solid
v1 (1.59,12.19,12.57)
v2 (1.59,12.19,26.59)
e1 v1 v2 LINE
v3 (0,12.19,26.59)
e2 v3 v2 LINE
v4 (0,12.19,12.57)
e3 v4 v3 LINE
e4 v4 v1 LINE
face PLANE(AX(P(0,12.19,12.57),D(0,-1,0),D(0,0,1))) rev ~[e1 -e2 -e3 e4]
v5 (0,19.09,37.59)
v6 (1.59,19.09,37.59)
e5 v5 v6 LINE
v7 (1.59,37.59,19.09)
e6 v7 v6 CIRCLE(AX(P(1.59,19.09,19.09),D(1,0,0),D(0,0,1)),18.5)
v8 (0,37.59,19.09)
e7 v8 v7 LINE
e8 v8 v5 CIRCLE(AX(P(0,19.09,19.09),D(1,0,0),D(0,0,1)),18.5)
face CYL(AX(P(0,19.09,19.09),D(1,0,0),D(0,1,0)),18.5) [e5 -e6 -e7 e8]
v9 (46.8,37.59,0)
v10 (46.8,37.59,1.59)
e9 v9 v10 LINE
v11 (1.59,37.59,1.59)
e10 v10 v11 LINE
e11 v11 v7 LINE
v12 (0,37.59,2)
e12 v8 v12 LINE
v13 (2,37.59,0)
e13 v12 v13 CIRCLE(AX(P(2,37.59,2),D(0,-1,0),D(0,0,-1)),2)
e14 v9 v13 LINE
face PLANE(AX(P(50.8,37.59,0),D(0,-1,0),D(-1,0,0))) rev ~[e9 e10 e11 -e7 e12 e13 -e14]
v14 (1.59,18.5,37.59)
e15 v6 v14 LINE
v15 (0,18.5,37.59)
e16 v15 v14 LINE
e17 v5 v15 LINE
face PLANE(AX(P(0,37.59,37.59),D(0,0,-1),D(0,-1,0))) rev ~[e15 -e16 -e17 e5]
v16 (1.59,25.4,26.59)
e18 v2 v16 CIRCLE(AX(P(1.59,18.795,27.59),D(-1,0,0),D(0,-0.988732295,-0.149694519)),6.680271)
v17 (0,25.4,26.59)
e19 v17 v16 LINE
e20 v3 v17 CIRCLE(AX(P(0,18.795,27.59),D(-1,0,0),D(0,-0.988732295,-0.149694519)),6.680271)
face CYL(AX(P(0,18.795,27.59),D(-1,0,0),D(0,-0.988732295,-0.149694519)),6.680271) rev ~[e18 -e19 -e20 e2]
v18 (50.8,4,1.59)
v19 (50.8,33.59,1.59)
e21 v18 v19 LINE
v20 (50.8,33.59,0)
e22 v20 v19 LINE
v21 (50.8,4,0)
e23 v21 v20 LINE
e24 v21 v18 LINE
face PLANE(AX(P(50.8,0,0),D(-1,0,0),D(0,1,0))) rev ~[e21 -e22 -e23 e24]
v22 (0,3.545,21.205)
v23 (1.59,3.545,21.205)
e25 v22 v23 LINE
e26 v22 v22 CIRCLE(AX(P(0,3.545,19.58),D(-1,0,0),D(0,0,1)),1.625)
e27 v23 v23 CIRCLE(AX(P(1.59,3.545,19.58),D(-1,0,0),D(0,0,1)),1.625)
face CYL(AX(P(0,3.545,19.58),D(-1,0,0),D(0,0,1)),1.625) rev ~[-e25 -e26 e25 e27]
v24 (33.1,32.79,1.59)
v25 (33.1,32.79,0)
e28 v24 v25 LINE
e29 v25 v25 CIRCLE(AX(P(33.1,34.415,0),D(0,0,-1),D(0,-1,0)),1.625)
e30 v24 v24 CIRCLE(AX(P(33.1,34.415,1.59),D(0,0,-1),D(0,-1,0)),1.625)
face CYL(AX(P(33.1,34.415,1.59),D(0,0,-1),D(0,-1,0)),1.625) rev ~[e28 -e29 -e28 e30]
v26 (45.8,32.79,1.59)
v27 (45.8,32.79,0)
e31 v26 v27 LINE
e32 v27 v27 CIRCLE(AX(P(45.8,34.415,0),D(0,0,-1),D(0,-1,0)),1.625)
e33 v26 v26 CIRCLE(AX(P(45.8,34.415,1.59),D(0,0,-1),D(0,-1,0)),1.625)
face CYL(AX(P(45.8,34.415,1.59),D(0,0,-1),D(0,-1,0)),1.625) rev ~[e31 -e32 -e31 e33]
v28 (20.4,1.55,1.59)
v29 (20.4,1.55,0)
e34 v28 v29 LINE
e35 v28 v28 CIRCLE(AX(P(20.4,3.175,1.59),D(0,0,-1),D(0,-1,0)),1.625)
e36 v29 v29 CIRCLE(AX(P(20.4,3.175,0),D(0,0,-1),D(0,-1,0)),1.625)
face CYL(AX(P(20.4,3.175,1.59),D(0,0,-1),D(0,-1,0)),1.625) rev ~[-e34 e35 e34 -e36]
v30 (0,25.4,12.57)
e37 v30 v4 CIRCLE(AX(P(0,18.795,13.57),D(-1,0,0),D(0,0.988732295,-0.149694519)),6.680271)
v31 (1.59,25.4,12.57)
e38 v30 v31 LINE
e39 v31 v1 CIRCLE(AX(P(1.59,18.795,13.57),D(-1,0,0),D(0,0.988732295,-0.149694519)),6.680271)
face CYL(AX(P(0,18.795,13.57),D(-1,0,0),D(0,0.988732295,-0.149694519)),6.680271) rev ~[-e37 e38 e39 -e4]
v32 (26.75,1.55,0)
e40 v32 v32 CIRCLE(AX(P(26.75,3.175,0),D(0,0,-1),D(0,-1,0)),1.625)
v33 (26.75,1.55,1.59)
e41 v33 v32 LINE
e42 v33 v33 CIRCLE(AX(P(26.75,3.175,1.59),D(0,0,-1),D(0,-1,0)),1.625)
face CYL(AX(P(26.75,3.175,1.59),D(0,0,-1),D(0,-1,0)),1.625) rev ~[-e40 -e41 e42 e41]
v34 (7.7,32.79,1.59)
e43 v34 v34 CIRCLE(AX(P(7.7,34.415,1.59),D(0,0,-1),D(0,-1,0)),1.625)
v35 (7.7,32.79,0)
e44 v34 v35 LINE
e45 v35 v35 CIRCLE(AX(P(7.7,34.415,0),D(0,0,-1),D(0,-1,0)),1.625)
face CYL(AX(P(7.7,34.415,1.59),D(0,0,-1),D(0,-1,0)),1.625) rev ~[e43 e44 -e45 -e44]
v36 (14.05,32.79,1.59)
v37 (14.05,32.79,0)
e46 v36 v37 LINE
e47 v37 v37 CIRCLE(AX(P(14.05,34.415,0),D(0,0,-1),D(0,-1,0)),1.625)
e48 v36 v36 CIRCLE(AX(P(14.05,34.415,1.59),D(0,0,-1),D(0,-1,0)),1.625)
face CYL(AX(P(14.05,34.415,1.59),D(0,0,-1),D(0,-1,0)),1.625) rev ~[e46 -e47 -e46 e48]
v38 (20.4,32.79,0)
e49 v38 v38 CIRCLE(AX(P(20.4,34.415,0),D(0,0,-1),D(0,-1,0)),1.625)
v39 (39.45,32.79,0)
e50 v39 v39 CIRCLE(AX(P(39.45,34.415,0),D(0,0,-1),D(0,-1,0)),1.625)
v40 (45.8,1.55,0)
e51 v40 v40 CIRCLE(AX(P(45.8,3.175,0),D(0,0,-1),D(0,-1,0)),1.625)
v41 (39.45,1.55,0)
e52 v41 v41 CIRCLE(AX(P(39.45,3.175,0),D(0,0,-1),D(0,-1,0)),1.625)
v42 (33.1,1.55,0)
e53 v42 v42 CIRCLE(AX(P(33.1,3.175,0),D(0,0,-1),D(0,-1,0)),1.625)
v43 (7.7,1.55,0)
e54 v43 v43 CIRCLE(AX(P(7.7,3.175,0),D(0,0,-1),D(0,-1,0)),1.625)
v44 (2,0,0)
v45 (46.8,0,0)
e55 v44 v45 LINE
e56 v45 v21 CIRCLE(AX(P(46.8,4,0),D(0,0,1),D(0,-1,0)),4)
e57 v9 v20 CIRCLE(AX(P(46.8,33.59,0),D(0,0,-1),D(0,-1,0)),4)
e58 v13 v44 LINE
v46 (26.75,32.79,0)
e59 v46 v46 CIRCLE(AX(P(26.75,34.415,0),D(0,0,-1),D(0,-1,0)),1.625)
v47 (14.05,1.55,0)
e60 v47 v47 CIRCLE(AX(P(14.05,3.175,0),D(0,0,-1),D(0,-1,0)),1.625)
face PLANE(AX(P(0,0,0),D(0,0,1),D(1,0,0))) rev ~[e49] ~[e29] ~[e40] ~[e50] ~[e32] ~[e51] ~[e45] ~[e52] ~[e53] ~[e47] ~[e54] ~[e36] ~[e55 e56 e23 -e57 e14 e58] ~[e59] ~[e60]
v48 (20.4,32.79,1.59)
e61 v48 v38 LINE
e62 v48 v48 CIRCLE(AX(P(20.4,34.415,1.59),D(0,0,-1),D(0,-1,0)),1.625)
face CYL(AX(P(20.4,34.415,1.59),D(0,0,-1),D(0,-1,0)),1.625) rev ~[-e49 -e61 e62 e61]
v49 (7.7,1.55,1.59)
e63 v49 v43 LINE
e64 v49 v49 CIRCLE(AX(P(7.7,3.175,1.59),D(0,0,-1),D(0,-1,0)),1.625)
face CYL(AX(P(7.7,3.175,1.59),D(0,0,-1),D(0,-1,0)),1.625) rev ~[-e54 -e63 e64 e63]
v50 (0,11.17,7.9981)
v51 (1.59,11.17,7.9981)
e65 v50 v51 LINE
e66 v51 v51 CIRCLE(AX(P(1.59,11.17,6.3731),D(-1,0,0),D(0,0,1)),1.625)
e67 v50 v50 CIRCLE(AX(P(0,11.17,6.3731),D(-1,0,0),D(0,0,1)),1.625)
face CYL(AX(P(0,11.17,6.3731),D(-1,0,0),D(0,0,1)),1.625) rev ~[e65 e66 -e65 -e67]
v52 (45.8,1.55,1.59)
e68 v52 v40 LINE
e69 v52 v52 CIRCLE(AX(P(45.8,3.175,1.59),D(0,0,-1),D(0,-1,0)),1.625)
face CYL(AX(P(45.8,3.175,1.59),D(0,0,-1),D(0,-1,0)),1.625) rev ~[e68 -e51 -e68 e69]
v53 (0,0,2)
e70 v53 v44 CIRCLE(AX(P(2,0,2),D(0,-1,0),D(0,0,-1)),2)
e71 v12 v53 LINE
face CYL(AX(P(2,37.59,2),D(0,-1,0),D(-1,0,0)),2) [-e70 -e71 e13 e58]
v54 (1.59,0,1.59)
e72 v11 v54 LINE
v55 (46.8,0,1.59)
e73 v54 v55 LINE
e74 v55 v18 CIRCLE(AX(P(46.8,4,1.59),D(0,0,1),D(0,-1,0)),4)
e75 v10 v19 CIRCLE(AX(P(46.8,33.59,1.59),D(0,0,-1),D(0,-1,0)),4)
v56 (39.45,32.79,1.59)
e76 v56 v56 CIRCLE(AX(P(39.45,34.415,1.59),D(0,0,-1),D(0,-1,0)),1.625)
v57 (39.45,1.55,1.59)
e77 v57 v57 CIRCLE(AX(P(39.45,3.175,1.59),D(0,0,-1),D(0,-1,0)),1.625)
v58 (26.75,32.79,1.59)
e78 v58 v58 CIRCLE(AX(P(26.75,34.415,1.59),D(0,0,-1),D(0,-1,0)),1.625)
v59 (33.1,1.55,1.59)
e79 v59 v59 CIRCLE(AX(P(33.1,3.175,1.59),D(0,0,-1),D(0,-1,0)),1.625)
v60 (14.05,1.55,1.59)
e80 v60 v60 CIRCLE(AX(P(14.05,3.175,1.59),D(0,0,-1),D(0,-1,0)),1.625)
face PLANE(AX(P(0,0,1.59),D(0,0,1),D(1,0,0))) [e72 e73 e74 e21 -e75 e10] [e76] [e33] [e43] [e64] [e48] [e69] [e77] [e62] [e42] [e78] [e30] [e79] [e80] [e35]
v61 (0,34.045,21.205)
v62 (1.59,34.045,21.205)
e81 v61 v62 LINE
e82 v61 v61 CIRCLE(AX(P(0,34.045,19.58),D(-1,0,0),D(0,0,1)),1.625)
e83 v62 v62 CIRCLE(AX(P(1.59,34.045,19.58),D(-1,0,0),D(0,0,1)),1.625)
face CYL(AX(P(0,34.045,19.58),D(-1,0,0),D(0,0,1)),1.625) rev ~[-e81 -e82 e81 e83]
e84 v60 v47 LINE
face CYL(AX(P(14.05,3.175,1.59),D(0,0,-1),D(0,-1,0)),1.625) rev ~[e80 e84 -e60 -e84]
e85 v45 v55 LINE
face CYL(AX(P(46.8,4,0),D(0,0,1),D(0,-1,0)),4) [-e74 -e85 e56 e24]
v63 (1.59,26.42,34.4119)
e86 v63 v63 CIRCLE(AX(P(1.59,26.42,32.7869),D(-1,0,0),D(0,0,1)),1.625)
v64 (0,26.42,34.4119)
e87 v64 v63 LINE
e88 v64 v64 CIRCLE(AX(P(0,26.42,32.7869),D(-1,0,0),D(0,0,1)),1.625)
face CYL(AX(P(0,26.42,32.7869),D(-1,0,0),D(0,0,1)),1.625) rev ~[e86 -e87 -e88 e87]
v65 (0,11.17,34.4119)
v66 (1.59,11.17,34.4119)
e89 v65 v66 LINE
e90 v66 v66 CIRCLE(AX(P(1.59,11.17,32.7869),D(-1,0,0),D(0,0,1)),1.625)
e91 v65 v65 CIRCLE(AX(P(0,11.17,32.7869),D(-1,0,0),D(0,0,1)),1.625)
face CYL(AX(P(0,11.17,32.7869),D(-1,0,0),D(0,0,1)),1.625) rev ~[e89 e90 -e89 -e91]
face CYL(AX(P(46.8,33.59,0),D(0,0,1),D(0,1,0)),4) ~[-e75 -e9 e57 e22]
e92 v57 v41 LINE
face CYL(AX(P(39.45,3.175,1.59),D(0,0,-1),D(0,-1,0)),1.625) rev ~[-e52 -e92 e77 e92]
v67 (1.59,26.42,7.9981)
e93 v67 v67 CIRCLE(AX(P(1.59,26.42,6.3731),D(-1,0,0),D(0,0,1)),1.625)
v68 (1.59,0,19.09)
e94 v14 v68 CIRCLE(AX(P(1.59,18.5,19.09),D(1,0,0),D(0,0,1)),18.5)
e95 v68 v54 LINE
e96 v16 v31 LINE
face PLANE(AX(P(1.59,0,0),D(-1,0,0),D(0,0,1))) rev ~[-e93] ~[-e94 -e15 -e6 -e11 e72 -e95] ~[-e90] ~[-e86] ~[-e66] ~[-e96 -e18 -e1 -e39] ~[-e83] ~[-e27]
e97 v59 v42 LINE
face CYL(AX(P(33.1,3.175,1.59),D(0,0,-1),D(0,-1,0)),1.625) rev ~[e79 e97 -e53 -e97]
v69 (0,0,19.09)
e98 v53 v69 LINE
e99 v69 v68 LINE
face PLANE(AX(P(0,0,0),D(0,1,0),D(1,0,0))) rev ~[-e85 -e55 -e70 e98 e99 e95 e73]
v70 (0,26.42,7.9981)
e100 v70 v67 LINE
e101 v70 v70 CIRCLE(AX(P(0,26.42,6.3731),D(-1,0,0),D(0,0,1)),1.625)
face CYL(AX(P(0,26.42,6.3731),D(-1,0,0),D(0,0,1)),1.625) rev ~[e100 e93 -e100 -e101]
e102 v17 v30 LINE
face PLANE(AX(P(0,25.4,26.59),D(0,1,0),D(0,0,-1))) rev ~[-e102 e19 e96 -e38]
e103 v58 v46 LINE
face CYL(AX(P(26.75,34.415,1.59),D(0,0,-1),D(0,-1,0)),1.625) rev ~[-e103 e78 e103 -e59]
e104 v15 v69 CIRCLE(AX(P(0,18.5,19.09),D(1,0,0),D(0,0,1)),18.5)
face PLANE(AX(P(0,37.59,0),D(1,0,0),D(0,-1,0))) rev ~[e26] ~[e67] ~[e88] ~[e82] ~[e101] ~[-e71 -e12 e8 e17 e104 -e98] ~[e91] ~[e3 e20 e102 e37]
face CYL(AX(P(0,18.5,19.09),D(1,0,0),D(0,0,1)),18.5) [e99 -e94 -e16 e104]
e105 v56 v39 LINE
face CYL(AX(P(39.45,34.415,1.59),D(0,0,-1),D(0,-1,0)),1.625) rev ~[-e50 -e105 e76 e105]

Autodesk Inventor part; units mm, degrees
ref_plane "YZ Plane" through (0, 0, 0) normal (1, 0, 0) x (0, 1, 0)
ref_plane "XZ Plane" through (0, 0, 0) normal (0, 1, 0) x (-1, 0, 0)
ref_plane "XY Plane" through (0, 0, 0) normal (0, 0, 1) x (1, 0, 0)
sketch "Skizze1" plane through (0, 0, 0) normal (0, 0, 1) x (1, 0, 0)
  line L0 (0, 0) -> (50.8, 0)
  line L1 (50.8, 0) -> (50.8, 37.59)
  line L2 (50.8, 37.59) -> (0, 37.59)
  line L3 (0, 37.59) -> (0, 0)
  dimension "d0" = 37.59
  dimension "d1" = 50.8
extrude "Extrusion1" add sketch "Skizze1" along normal blind 1.59
sketch "Skizze4" plane through (0, 0, 0) normal (-1, 0, 0) x (0, 0, 1)
  line L0 (0, 37.59) -> (0, 0) projected
  line L1 (0, 0) -> (1.59, 0) projected
  line L2 (1.59, 37.59) -> (1.59, 0) projected
  line L3 (0, 37.59) -> (1.59, 37.59) projected
  line L4 (0, 37.59) -> (37.59, 37.59)
  line L5 (37.59, 37.59) -> (37.59, 0)
  line L6 (37.59, 0) -> (0, 0)
  line L7 (0, 0) -> (0, 37.59)
  dimension "d19" = 37.59
extrude "Extrusion2" add sketch "Skizze4" against normal blind 1.59 contours L4 L5 L6 L2
sketch "Skizze2" plane through (0, 0, 0) normal (-1, 0, 0) x (0, 0, 1)
  line L0 (0, 0) -> (1.59, 0) projected
  line L1 (1.59, 37.59) -> (1.59, 0) projected
  line L2 (0, 37.59) -> (18.59, 37.59)
  line L3 (37.59, 18.59) -> (37.59, 19)
  line L4 (18.59, 0) -> (0, 0)
  line L5 (0, 0) -> (0, 37.59)
  line L6 (37.59, 18.795) -> (-20.6317, 18.795) construction
  line L7 (26.59, 25.4) -> (12.57, 25.4)
  line L8 (12.57, 12.19) -> (26.59, 12.19)
  arc A0 (26.59, 12.19) -> (26.59, 25.4) centre (27.59, 18.795) ccw
  arc A1 (12.57, 25.4) -> (12.57, 12.19) centre (13.57, 18.795) ccw
  arc A2 (37.59, 18.59) -> (18.59, 37.59) centre (18.59, 18.59) ccw
  arc A3 (18.59, 0) -> (37.59, 19) centre (18.59, 19) ccw
  circle A4 centre (19.58, 18.795) radius 15.25 construction
  line L9 (19.58, 18.795) -> (19.58, 46.2315) construction
  circle A5 centre (32.7869, 26.42) radius 1.625
  circle A6 centre (32.7869, 11.17) radius 1.625
  circle A7 centre (19.58, 3.545) radius 1.625
  circle A8 centre (6.3731, 11.17) radius 1.625
  circle A9 centre (6.3731, 26.42) radius 1.625
  circle A10 centre (19.58, 34.045) radius 1.625
  line L10 (1.59, 0) -> (1.59, 37.59)
  point P0 (37.59, 37.59)
  point P1 (32.7869, 11.17)
  dimension "d4" = 37.59
  dimension "d5" = 14.02
  dimension "d6" = 13.21
  dimension "d8" = 11
  dimension "d9" = 19
  dimension "d10" = 30.5
  dimension "d13" = 360
  dimension "d15" = 3.25
  dimension "d16" = 3.25
  dimension "d17" = 3.25
extrude "Extrusion3" cut sketch "Skizze2" against normal blind 1.59 contours A0 L8 A1 L7 | A5 | A6 | A7 | A8 | A9 | A10
fillet "Rundung1" radius 18.5 2 edges at (0.795, 0, 37.59) (0.795, 37.59, 37.59)
fillet "Rundung2" radius 2 1 edges at (0, 18.795, 0)
fillet "Rundung3" radius 4 2 edges at (50.8, 0, 0.795) (50.8, 37.59, 0.795)
sketch "Skizze5" plane through (0, 0, 1.59) normal (0, 0, 1) x (1, 0, 0)
  line L0 (46.8, 37.59) -> (1.59, 37.59) projected
  line L1 (50.8, 4) -> (50.8, 33.59) projected
  line L2 (50.8, 18.795) -> (-11.9419, 18.795) construction
  point P0 (0, 0)
  point P1 (45.8, 34.415)
  point P2 (45.8, 3.175)
  dimension "d36" = 31.24
  dimension "d37" = 5
  dimension "d38" = 5
  dimension "d39" = 3.175
hole "Bohrung2" at (45.8, 34.415, 1.59) at (45.8, 3.175, 1.59) direction (0, 0, -1) diameter 3.25 end through all
pattern_linear "Rechteckige Anordnung1" count 7 spacing 6.35 along (-1, 0, 0) of "Bohrung2"
properties part number "Motorhalterung"
